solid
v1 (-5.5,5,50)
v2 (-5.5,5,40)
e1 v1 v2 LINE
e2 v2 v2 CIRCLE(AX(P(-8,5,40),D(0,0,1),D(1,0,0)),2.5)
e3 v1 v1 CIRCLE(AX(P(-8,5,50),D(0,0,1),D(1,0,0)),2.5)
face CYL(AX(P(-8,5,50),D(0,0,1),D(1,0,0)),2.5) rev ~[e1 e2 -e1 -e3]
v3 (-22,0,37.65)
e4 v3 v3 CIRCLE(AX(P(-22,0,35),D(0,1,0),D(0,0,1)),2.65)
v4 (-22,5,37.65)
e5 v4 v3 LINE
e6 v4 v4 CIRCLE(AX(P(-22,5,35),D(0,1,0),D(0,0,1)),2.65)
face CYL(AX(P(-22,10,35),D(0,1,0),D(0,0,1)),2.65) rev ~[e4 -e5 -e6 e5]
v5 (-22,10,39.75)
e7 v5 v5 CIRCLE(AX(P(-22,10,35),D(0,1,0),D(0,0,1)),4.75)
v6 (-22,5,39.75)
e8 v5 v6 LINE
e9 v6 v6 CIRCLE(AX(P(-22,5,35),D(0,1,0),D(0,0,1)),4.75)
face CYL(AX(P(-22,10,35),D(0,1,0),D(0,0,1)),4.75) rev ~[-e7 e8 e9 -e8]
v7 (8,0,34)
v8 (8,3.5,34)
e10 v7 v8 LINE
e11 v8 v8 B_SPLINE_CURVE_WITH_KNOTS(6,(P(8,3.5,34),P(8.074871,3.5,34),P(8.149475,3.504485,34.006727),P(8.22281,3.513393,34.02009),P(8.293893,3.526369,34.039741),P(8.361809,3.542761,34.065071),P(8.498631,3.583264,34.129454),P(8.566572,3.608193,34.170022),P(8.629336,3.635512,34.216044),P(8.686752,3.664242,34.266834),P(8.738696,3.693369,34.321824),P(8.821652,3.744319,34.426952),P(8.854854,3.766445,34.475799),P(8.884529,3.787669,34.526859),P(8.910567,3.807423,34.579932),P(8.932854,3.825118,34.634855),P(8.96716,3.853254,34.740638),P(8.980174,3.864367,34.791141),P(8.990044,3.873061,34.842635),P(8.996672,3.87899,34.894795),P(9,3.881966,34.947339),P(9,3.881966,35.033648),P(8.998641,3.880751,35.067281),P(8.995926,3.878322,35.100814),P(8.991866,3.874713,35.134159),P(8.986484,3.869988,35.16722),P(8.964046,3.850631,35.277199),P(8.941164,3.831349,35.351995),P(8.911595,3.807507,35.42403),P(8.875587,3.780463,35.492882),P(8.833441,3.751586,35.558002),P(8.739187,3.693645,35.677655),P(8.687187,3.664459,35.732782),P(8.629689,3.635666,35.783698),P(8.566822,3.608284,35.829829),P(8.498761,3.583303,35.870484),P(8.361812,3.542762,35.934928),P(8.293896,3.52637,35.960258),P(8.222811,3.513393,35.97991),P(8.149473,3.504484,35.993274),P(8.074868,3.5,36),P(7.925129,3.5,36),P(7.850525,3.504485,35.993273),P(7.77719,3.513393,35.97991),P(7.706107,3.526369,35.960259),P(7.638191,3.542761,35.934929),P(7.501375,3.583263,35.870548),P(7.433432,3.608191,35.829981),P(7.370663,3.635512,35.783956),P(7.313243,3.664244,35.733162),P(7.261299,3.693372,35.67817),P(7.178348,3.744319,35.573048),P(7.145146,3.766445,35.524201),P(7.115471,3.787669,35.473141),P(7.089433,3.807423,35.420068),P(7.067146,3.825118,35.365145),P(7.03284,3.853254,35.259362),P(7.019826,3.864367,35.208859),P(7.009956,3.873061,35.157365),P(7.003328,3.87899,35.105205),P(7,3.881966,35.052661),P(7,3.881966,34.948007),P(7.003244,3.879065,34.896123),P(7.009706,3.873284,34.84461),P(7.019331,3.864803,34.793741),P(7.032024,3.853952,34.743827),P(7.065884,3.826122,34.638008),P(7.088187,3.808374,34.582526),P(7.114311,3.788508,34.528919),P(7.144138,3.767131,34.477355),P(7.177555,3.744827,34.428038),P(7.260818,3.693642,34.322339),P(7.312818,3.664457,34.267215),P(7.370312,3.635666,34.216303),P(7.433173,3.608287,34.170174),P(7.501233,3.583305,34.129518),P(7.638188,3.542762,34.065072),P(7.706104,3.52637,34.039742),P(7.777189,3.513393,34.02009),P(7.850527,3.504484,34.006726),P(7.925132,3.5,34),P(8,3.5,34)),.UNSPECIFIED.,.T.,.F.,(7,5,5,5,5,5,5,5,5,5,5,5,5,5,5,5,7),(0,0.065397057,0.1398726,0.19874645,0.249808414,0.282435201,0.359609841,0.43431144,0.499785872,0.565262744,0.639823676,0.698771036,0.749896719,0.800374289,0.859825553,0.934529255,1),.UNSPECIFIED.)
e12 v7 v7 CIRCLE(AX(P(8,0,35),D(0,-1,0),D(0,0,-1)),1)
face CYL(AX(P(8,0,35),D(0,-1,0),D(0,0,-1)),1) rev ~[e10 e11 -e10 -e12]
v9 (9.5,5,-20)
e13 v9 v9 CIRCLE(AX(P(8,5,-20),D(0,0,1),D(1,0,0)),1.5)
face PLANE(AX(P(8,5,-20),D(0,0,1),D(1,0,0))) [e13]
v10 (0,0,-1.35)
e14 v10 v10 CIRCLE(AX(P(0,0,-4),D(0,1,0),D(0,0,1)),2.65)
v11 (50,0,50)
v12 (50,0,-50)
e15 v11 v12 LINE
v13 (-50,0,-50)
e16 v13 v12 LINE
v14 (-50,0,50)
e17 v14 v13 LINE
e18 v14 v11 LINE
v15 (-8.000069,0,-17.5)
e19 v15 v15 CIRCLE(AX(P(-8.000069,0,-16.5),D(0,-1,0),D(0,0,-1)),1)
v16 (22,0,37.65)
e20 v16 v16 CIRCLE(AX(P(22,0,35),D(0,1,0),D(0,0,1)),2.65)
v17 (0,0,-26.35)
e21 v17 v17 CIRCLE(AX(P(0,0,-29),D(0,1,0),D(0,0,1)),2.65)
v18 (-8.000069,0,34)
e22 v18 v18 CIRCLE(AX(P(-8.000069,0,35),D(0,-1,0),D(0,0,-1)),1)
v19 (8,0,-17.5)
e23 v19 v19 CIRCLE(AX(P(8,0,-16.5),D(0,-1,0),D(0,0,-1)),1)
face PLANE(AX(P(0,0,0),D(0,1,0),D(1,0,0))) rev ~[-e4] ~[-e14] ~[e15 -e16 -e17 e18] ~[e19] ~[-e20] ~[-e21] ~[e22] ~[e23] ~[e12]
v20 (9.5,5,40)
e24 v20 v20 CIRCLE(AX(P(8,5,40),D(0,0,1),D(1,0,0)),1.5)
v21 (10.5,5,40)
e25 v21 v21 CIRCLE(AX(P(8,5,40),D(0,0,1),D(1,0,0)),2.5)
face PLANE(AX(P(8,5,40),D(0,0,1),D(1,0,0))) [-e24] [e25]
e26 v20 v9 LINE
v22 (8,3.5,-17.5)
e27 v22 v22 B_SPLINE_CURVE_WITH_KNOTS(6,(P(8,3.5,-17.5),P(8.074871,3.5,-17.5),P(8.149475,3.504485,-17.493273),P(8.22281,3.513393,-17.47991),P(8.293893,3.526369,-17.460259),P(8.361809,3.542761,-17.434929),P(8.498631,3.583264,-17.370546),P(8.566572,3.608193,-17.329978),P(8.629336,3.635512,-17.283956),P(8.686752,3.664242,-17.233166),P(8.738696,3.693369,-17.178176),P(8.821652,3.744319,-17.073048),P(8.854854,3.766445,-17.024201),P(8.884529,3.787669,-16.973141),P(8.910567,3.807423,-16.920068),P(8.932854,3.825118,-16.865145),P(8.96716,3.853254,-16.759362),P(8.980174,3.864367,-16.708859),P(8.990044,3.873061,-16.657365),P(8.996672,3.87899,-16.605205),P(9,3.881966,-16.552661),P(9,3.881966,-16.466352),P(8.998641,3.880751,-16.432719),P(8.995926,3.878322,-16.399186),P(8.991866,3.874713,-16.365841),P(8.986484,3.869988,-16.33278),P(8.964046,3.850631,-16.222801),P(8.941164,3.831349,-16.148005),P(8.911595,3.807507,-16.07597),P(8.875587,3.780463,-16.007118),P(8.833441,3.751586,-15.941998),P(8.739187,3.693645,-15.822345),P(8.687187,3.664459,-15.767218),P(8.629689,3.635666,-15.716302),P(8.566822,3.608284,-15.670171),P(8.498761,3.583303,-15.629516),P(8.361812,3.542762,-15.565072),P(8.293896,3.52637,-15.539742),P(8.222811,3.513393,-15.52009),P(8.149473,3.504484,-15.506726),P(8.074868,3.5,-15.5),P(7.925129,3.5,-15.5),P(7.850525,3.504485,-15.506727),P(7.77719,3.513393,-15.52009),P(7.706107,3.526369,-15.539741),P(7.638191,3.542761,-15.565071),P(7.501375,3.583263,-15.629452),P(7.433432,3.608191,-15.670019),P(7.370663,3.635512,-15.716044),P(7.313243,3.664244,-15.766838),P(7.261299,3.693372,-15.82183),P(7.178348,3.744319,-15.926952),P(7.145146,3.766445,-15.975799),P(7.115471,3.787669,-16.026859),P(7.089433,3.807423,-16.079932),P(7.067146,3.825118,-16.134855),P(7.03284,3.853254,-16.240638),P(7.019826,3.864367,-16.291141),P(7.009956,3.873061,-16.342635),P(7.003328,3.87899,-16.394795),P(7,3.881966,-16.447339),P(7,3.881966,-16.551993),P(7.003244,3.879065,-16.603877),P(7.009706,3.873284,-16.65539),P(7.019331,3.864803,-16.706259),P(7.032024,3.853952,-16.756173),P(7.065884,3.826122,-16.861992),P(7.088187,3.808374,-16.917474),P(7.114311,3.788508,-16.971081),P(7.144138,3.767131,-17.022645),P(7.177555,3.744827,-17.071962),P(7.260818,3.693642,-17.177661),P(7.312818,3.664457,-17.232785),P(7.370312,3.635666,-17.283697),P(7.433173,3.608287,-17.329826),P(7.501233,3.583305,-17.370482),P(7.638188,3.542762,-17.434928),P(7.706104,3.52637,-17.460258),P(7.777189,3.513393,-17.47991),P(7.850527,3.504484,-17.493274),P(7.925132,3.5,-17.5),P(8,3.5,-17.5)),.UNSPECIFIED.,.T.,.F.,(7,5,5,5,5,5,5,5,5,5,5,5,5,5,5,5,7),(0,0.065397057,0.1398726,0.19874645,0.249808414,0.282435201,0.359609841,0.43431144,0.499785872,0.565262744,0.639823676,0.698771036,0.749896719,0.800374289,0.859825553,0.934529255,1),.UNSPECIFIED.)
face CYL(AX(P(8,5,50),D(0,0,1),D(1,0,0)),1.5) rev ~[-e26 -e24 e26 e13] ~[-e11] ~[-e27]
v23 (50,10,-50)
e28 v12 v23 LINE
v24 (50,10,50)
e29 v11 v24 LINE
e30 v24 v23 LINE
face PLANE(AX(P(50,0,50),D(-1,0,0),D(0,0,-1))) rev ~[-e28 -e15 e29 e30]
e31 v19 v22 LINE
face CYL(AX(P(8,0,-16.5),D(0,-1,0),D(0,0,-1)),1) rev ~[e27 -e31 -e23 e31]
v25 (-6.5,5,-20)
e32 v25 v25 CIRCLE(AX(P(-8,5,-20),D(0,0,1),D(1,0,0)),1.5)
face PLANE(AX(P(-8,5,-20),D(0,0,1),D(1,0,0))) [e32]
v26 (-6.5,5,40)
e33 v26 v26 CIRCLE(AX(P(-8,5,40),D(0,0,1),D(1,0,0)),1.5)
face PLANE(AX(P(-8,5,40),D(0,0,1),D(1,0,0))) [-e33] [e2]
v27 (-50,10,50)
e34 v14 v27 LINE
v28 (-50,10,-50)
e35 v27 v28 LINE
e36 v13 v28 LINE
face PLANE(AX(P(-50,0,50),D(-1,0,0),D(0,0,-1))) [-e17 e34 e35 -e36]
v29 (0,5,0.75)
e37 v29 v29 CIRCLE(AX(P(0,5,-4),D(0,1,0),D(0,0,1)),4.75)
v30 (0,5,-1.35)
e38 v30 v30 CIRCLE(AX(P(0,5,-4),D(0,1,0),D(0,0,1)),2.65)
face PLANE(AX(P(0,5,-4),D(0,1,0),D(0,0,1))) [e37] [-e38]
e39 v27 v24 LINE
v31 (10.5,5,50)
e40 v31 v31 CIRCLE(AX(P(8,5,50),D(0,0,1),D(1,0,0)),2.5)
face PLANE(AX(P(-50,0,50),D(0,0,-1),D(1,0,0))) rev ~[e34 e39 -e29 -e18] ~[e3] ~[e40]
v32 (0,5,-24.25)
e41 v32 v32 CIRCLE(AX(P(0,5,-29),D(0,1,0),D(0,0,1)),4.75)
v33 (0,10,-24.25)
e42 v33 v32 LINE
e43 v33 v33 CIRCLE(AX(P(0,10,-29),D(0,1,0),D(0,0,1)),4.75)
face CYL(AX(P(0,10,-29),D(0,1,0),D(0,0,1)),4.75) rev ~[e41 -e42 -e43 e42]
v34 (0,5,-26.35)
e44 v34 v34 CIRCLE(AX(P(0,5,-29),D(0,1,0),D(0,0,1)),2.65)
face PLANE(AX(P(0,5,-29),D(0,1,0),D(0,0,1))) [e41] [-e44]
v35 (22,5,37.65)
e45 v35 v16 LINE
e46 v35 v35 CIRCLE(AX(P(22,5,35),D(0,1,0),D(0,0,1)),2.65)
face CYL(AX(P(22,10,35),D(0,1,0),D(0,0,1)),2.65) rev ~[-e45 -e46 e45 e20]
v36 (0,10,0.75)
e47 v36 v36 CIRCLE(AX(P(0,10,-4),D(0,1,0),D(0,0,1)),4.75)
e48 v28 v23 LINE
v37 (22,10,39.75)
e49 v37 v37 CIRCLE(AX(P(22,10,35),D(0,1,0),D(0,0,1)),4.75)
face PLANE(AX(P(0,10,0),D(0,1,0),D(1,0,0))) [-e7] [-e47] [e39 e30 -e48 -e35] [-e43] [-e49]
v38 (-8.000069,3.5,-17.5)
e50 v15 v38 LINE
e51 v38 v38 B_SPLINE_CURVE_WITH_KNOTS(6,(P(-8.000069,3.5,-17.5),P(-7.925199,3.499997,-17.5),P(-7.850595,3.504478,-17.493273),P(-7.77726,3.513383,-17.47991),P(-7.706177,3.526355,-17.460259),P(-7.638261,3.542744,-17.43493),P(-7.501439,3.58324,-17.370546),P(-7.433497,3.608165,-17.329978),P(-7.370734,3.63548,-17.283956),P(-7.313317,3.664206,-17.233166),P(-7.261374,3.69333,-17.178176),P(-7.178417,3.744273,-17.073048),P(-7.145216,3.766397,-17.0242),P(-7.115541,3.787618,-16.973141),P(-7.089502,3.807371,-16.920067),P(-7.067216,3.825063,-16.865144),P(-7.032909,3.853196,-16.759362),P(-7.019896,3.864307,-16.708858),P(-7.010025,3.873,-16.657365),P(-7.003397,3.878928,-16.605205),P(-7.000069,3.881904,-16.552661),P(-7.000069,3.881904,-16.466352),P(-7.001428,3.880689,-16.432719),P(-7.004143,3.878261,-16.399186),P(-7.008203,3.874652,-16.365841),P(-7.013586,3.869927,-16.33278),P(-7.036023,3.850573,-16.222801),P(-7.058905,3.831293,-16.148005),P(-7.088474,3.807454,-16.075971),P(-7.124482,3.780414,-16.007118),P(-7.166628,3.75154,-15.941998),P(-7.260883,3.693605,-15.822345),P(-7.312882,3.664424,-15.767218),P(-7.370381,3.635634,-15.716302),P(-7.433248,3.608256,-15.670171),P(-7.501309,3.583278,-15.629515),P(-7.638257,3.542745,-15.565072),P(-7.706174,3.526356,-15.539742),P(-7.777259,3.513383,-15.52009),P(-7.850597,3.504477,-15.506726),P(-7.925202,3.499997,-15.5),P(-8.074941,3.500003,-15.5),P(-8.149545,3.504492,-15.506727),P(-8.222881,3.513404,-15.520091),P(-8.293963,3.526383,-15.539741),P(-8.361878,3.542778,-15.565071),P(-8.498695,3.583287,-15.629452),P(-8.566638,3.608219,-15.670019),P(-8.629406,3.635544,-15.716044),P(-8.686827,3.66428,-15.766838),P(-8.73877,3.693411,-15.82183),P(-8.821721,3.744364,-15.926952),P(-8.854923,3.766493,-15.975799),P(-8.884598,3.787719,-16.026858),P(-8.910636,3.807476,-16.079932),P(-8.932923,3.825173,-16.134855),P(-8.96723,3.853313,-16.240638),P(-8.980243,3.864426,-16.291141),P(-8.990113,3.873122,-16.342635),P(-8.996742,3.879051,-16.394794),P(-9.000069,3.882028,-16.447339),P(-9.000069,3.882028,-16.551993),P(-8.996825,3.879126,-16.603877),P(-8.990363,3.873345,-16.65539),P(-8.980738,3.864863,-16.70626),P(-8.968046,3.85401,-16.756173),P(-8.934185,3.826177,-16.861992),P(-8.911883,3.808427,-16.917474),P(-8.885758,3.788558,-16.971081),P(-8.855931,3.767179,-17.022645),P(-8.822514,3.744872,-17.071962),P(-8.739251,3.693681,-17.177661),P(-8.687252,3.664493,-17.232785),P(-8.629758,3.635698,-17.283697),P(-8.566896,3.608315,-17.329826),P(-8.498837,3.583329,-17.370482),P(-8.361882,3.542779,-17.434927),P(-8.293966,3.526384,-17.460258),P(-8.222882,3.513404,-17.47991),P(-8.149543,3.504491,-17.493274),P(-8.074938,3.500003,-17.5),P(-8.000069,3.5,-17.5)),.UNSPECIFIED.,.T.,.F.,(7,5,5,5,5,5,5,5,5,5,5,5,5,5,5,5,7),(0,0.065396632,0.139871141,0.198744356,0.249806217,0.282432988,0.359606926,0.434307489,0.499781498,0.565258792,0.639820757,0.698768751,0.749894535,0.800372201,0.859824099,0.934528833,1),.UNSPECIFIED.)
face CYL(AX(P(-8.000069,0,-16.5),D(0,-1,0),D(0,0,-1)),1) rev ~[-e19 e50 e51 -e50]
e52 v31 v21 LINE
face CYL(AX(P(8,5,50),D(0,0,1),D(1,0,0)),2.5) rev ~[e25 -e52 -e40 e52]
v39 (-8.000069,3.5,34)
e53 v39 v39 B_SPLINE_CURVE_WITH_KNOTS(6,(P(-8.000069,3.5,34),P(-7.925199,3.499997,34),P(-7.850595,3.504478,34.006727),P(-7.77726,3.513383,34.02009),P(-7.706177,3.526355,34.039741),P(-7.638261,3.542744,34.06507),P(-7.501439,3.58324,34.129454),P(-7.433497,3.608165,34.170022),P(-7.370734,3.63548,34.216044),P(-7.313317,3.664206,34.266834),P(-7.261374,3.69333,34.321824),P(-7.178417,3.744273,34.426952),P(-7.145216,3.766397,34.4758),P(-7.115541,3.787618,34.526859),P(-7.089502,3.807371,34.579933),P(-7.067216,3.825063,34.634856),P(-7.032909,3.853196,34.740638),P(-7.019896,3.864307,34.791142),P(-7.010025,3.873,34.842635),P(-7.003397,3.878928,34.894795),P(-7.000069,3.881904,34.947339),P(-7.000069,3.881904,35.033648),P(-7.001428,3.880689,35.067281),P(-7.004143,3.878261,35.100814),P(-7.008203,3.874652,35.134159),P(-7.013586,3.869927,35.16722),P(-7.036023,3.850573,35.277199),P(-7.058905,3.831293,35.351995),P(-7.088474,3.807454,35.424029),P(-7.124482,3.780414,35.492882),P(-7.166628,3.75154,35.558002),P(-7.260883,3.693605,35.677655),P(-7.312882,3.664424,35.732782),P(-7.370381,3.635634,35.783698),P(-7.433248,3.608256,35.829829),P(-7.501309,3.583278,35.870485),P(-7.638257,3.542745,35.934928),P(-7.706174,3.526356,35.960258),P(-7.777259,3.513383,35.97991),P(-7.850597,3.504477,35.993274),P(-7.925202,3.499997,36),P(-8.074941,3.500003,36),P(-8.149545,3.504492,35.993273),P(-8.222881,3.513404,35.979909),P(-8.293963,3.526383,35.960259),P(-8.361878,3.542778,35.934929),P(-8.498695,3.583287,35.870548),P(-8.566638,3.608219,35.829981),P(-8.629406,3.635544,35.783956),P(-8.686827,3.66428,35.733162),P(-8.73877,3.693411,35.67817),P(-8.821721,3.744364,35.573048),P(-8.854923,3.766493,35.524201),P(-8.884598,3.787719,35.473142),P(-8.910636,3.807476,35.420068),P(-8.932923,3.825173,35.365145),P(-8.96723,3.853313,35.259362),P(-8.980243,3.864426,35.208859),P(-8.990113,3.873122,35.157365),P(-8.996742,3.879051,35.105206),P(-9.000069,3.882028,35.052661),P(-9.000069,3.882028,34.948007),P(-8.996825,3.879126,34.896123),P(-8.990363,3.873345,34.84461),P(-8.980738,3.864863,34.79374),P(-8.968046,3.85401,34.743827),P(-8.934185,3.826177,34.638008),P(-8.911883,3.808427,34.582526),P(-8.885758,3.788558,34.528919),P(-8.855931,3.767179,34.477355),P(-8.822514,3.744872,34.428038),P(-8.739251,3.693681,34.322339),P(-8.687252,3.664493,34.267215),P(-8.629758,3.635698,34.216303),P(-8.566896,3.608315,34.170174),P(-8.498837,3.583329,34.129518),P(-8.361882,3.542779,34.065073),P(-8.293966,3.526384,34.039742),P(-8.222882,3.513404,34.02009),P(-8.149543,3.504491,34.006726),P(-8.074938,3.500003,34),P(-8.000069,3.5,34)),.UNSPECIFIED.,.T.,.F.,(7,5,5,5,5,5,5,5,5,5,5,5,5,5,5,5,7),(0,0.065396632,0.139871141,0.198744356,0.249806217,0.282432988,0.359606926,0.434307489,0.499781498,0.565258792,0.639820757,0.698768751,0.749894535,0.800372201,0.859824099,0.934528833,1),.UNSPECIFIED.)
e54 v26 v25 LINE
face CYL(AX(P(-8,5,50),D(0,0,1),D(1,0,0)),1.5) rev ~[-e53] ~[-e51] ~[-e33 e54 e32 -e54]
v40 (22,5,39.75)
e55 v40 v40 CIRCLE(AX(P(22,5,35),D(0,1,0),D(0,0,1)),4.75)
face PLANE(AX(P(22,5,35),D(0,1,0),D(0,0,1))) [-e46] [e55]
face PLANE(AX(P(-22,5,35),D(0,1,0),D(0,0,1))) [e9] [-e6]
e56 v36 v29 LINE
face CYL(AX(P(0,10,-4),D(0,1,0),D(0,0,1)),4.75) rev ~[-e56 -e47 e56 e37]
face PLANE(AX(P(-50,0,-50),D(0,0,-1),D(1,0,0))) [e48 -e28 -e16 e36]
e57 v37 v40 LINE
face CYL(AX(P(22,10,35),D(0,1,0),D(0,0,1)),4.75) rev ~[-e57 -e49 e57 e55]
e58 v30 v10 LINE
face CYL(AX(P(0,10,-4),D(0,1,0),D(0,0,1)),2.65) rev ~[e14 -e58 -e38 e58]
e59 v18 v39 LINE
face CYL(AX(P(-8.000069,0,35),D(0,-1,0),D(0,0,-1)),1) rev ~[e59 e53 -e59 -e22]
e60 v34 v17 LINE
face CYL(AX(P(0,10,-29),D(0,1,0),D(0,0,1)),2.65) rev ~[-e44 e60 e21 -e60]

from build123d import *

# Parameters (mm, degrees)
SKETCH_1_W          = 100
SKETCH_1_H          = 100
EXTRUDE_1_DEPTH     = 10
SKETCH_3_R          = 2.5
CUT_EXTRUDE_1_DEPTH = 10
SKETCH_3_3_R        = 1.5
CUT_EXTRUDE_2_DEPTH = 70
SKETCH_3_4_R        = 1.5
CUT_EXTRUDE_3_DEPTH = 70
SKETCH_3_7_R        = 2.5
CUT_EXTRUDE_4_DEPTH = 10
SKETCH_4_R          = 1
CUT_EXTRUDE_5_DEPTH = 5
SKETCH_2_R          = 2.65
CUT_EXTRUDE_6_DEPTH = 10
SKETCH_2_3_R        = 4.75
SKETCH_2_3_R_2      = 2.65
CUT_EXTRUDE_7_DEPTH = 5


with BuildPart() as part:
    # 스케치1 → 보스-돌출1 (new body)
    with BuildSketch(Plane(origin=(0, 0, 0), x_dir=(1, 0, 0), z_dir=(0, 1, 0))):
        Rectangle(SKETCH_1_W, SKETCH_1_H)
    extrude(amount=EXTRUDE_1_DEPTH)

    # 스케치3 → 컷-돌출1 (cut)
    with BuildSketch(Plane.XY.offset(50)):
        with Locations((-8, 5)):
            Circle(SKETCH_3_R)
    extrude(amount=-CUT_EXTRUDE_1_DEPTH, mode=Mode.SUBTRACT)

    # 스케치3<3> → 컷-돌출2 (cut)
    with BuildSketch(Plane.XY.offset(50)):
        with Locations((-8, 5)):
            Circle(SKETCH_3_3_R)
    extrude(amount=-CUT_EXTRUDE_2_DEPTH, mode=Mode.SUBTRACT)

    # 스케치3<4> → 컷-돌출3 (cut)
    with BuildSketch(Plane.XY.offset(50)):
        with Locations((8, 5)):
            Circle(SKETCH_3_4_R)
    extrude(amount=-CUT_EXTRUDE_3_DEPTH, mode=Mode.SUBTRACT)

    # 스케치3<7> → 컷-돌출4 (cut)
    with BuildSketch(Plane.XY.offset(50)):
        with Locations((8, 5)):
            Circle(SKETCH_3_7_R)
    extrude(amount=-CUT_EXTRUDE_4_DEPTH, mode=Mode.SUBTRACT)

    # 스케치4 → 컷-돌출5 (cut)
    with BuildSketch(Plane.XZ):
        with Locations((-8.000069435, 35)):
            Circle(SKETCH_4_R)
        with Locations((8, 35)):
            Circle(SKETCH_4_R)
        with Locations((8, -16.5)):
            Circle(SKETCH_4_R)
        with Locations((-8.000069435, -16.5)):
            Circle(SKETCH_4_R)
    extrude(amount=-CUT_EXTRUDE_5_DEPTH, mode=Mode.SUBTRACT)

    # 스케치2 → 컷-돌출6 (cut)
    with BuildSketch(Plane(origin=(0, 10, 0), x_dir=(1, 0, 0), z_dir=(0, 1, 0))):
        with Locations((0, 29)):
            Circle(SKETCH_2_R)
        with Locations((0, 4)):
            Circle(SKETCH_2_R)
        with Locations((-22, -35)):
            Circle(SKETCH_2_R)
        with Locations((22, -35)):
            Circle(SKETCH_2_R)
    extrude(amount=-CUT_EXTRUDE_6_DEPTH, mode=Mode.SUBTRACT)

    # 스케치2<3> → 컷-돌출7 (cut)
    # profile 1 of 4: a face of its own
    with BuildSketch(Plane(origin=(0, 10, 0), x_dir=(1, 0, 0), z_dir=(0, 1, 0))):
        with Locations((0, 29)):
            Circle(SKETCH_2_3_R)
        with Locations((0, 29)):
            Circle(SKETCH_2_3_R_2, mode=Mode.SUBTRACT)
    # profile 2 of 4: a face of its own
    with BuildSketch(Plane(origin=(0, 10, 0), x_dir=(1, 0, 0), z_dir=(0, 1, 0))):
        with Locations((0, 4)):
            Circle(SKETCH_2_3_R)
        with Locations((0, 4)):
            Circle(SKETCH_2_3_R_2, mode=Mode.SUBTRACT)
    # profile 3 of 4: a face of its own
    with BuildSketch(Plane(origin=(0, 10, 0), x_dir=(1, 0, 0), z_dir=(0, 1, 0))):
        with Locations((-22, -35)):
            Circle(SKETCH_2_3_R)
        with Locations((-22, -35)):
            Circle(SKETCH_2_3_R_2, mode=Mode.SUBTRACT)
    # profile 4 of 4: a face of its own
    with BuildSketch(Plane(origin=(0, 10, 0), x_dir=(1, 0, 0), z_dir=(0, 1, 0))):
        with Locations((22, -35)):
            Circle(SKETCH_2_3_R)
        with Locations((22, -35)):
            Circle(SKETCH_2_3_R_2, mode=Mode.SUBTRACT)
    extrude(amount=-CUT_EXTRUDE_7_DEPTH, mode=Mode.SUBTRACT)


solid = part.part
